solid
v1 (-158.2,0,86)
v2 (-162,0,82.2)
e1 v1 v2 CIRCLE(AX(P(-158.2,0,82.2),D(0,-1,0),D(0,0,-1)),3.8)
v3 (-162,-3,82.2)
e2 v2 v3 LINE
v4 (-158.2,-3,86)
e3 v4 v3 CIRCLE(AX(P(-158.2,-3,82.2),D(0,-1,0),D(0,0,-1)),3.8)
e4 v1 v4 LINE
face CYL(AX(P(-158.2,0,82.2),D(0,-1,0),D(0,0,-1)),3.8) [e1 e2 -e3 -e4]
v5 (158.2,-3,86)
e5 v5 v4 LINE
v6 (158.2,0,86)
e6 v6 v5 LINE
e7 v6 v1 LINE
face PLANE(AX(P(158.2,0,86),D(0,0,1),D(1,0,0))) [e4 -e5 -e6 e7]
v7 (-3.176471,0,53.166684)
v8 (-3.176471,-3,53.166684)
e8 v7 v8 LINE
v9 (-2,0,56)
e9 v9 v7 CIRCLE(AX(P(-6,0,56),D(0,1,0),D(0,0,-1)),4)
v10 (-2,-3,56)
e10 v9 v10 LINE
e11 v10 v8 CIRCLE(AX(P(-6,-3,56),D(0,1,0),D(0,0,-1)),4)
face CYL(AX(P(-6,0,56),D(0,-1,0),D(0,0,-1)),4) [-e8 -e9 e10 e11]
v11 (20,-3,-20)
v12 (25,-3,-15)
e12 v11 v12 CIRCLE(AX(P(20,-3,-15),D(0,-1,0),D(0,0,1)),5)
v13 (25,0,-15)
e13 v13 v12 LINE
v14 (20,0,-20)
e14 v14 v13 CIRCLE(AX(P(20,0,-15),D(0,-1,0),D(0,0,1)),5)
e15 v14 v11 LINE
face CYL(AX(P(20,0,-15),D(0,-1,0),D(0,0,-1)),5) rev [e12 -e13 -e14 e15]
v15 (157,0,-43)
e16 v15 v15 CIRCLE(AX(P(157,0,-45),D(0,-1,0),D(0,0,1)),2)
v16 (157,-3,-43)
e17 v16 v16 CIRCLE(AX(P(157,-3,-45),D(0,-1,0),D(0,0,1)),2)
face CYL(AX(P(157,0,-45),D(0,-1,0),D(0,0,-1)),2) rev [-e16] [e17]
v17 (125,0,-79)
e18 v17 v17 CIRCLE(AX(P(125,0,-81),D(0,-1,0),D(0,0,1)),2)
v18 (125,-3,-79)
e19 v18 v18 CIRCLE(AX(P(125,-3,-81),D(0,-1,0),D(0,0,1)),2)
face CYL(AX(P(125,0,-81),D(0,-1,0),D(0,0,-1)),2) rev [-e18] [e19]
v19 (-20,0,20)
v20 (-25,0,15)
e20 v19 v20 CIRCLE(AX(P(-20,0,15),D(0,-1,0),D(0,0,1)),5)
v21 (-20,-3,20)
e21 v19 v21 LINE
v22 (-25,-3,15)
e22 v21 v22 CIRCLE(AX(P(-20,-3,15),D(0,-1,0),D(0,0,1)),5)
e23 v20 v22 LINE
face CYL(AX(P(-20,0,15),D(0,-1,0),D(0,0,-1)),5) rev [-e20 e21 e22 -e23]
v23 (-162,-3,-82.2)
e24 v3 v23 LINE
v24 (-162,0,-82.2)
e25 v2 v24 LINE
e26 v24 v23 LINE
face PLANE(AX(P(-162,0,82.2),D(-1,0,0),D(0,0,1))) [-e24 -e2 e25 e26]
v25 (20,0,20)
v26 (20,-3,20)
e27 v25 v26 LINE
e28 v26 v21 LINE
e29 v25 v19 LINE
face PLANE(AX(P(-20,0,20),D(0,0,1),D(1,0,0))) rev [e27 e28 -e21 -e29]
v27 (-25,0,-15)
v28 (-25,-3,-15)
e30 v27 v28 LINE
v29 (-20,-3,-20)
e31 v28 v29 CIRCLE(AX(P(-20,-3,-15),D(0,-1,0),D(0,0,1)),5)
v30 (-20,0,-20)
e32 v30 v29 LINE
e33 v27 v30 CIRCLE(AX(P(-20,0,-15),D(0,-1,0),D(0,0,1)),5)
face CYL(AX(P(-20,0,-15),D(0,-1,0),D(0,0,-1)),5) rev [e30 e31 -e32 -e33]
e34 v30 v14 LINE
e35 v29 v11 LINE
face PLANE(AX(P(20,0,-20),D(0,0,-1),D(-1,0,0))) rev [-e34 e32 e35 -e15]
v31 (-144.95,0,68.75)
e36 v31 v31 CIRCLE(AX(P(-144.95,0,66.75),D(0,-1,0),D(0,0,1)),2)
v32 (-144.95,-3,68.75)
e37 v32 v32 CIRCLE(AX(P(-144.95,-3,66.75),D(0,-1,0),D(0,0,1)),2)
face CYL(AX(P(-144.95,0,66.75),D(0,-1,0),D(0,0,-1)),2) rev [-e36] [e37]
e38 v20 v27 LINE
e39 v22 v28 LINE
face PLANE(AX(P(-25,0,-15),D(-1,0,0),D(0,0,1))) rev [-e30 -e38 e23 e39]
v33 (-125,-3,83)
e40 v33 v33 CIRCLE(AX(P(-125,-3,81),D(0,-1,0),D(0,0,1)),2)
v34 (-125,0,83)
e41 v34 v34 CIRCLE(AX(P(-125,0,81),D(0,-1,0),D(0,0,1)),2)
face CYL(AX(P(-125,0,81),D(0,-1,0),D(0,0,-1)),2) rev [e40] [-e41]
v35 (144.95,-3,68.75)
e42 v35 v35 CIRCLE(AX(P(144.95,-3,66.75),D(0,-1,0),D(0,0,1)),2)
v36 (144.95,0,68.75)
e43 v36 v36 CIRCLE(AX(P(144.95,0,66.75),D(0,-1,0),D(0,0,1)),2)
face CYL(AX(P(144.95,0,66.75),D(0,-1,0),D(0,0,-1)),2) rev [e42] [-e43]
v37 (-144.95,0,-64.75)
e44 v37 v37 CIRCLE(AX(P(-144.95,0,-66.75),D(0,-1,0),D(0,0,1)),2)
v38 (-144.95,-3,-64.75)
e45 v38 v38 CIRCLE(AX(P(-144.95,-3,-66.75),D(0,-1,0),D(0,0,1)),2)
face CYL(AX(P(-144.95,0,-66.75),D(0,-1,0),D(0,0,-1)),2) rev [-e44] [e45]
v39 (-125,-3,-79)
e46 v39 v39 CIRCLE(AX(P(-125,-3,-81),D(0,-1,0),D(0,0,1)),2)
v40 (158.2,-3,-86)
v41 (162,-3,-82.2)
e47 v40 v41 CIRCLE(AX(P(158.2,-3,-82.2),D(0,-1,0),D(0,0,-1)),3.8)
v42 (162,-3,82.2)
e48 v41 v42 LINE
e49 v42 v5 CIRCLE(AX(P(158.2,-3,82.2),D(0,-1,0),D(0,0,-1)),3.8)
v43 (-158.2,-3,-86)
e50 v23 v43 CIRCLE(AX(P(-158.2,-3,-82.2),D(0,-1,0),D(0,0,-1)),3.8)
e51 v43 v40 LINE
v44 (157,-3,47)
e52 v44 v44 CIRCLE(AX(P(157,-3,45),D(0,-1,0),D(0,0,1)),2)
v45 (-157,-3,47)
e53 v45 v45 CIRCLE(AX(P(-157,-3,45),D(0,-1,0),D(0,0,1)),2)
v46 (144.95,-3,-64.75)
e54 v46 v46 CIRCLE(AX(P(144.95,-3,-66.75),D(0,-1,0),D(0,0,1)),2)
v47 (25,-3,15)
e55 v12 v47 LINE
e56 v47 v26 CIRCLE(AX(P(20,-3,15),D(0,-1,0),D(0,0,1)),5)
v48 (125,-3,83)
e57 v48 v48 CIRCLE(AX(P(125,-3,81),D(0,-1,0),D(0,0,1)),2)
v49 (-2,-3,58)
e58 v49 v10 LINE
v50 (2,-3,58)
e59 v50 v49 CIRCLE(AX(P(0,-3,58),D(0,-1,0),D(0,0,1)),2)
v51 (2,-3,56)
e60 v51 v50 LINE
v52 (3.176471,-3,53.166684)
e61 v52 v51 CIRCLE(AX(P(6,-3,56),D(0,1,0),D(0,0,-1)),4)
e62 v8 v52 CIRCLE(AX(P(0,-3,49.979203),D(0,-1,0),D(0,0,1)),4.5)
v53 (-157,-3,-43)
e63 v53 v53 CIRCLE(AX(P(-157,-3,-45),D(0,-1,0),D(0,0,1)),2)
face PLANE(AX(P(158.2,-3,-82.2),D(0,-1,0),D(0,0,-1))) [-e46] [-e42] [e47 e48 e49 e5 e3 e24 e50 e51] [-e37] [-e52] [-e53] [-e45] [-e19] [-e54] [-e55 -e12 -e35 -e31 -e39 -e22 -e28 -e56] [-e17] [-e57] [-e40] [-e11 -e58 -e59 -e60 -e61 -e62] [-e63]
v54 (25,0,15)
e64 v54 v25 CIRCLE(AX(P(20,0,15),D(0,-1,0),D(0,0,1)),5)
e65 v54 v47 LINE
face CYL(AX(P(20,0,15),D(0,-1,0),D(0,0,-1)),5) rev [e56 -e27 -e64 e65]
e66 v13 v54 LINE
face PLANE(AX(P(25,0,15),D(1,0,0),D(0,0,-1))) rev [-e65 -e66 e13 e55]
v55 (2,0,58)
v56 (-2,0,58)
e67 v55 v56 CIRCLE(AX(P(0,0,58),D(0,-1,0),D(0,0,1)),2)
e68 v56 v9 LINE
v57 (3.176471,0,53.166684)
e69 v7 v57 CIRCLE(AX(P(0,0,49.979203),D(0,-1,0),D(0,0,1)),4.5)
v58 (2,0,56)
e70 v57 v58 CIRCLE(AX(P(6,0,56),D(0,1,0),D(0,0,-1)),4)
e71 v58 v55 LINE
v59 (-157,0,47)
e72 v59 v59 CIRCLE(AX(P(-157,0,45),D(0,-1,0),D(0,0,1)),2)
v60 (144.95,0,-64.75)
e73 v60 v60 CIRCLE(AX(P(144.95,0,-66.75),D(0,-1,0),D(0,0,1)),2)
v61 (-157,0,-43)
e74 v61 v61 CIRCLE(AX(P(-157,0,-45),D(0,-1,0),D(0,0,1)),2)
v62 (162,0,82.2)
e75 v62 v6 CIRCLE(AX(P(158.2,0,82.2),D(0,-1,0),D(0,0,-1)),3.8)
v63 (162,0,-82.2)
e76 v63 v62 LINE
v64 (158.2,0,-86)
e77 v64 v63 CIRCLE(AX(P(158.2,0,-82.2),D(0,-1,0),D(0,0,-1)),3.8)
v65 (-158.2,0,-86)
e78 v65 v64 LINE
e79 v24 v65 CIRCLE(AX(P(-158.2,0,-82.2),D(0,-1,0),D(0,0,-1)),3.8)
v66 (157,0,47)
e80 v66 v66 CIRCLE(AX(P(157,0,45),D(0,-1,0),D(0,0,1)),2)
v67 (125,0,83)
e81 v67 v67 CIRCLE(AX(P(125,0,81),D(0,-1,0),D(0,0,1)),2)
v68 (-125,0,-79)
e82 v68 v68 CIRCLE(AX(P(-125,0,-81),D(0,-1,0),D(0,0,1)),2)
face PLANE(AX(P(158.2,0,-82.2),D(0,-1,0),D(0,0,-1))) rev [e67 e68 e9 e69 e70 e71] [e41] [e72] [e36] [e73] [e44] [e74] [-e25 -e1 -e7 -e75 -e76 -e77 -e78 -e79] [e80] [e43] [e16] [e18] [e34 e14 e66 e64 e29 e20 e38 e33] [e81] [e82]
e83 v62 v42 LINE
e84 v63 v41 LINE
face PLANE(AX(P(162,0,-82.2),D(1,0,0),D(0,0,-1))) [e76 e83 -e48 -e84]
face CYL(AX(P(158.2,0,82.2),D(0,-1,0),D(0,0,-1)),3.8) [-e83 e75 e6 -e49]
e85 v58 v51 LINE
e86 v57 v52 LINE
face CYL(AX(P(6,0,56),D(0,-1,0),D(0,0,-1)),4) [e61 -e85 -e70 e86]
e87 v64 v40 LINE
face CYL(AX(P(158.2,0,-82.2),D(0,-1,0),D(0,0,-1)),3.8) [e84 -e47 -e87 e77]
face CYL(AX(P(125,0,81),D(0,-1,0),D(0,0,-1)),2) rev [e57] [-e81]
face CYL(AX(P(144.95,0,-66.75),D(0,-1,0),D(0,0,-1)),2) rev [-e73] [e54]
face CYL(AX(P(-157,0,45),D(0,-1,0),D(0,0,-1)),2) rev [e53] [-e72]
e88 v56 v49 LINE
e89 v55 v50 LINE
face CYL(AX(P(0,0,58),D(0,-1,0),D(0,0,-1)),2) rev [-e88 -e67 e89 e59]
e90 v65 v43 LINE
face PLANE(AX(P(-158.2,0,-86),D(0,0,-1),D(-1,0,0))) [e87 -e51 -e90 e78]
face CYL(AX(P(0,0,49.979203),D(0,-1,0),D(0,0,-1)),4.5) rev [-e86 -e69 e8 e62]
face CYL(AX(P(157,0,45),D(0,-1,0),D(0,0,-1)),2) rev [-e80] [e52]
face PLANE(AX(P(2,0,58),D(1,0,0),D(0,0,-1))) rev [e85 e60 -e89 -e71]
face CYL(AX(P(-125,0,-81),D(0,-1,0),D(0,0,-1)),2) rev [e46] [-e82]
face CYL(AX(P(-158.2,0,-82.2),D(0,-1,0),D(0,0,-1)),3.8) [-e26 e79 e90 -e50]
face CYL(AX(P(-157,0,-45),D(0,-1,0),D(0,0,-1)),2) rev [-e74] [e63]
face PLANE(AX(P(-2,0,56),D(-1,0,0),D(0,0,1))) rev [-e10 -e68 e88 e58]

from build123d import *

# Parameters (mm, degrees)
SKETCH_1_R      = 2
EXTRUDE_1_DEPTH = 3


with BuildPart() as part:
    # 草图1 → 凸台-拉伸1 (new body)
    with BuildSketch(Plane.XZ.offset(3)):
        with BuildLine():
            Line((162, -82.2), (162, 82.2))
            ThreePointArc((162, 82.2), (160.887005769, 84.887005769), (158.2, 86))
            Line((158.2, 86), (-158.2, 86))
            ThreePointArc((-158.2, 86), (-160.887005769, 84.887005769), (-162, 82.2))
            Line((-162, 82.2), (-162, -82.2))
            ThreePointArc((-162, -82.2), (-160.887005769, -84.887005769), (-158.2, -86))
            Line((-158.2, -86), (158.2, -86))
            ThreePointArc((158.2, -86), (160.887005769, -84.887005769), (162, -82.2))
        make_face()
        with Locations((-144.95, 66.75)):
            Circle(SKETCH_1_R, mode=Mode.SUBTRACT)
        with Locations((-144.95, -66.75)):
            Circle(SKETCH_1_R, mode=Mode.SUBTRACT)
        with Locations((144.95, -66.75)):
            Circle(SKETCH_1_R, mode=Mode.SUBTRACT)
        with Locations((144.95, 66.75)):
            Circle(SKETCH_1_R, mode=Mode.SUBTRACT)
        with Locations((157, 45)):
            Circle(SKETCH_1_R, mode=Mode.SUBTRACT)
        with Locations((157, -45)):
            Circle(SKETCH_1_R, mode=Mode.SUBTRACT)
        with Locations((125, -81)):
            Circle(SKETCH_1_R, mode=Mode.SUBTRACT)
        with Locations((-125, -81)):
            Circle(SKETCH_1_R, mode=Mode.SUBTRACT)
        with Locations((-157, -45)):
            Circle(SKETCH_1_R, mode=Mode.SUBTRACT)
        with Locations((-157, 45)):
            Circle(SKETCH_1_R, mode=Mode.SUBTRACT)
        with Locations((125, 81)):
            Circle(SKETCH_1_R, mode=Mode.SUBTRACT)
        with Locations((-125, 81)):
            Circle(SKETCH_1_R, mode=Mode.SUBTRACT)
        with BuildLine():
            Line((2, 58), (2, 56))
            ThreePointArc((2, 56), (2.305807419, 54.466070022), (3.176470588, 53.166683629))
            ThreePointArc((3.176470588, 53.166683629), (0, 45.479202711), (-3.176470588, 53.166683629))
            ThreePointArc((-3.176470588, 53.166683629), (-2.305807419, 54.466070022), (-2, 56))
            Line((-2, 56), (-2, 58))
            ThreePointArc((-2, 58), (0, 60), (2, 58))
        make_face(mode=Mode.SUBTRACT)
        with BuildLine():
            Line((25, 15), (25, -15))
            ThreePointArc((25, -15), (23.535533906, -18.535533906), (20, -20))
            Line((20, -20), (-20, -20))
            ThreePointArc((-20, -20), (-23.535533906, -18.535533906), (-25, -15))
            Line((-25, -15), (-25, 15))
            ThreePointArc((-25, 15), (-23.535533906, 18.535533906), (-20, 20))
            Line((-20, 20), (20, 20))
            ThreePointArc((20, 20), (23.535533906, 18.535533906), (25, 15))
        make_face(mode=Mode.SUBTRACT)
    extrude(amount=-EXTRUDE_1_DEPTH)


solid = part.part
